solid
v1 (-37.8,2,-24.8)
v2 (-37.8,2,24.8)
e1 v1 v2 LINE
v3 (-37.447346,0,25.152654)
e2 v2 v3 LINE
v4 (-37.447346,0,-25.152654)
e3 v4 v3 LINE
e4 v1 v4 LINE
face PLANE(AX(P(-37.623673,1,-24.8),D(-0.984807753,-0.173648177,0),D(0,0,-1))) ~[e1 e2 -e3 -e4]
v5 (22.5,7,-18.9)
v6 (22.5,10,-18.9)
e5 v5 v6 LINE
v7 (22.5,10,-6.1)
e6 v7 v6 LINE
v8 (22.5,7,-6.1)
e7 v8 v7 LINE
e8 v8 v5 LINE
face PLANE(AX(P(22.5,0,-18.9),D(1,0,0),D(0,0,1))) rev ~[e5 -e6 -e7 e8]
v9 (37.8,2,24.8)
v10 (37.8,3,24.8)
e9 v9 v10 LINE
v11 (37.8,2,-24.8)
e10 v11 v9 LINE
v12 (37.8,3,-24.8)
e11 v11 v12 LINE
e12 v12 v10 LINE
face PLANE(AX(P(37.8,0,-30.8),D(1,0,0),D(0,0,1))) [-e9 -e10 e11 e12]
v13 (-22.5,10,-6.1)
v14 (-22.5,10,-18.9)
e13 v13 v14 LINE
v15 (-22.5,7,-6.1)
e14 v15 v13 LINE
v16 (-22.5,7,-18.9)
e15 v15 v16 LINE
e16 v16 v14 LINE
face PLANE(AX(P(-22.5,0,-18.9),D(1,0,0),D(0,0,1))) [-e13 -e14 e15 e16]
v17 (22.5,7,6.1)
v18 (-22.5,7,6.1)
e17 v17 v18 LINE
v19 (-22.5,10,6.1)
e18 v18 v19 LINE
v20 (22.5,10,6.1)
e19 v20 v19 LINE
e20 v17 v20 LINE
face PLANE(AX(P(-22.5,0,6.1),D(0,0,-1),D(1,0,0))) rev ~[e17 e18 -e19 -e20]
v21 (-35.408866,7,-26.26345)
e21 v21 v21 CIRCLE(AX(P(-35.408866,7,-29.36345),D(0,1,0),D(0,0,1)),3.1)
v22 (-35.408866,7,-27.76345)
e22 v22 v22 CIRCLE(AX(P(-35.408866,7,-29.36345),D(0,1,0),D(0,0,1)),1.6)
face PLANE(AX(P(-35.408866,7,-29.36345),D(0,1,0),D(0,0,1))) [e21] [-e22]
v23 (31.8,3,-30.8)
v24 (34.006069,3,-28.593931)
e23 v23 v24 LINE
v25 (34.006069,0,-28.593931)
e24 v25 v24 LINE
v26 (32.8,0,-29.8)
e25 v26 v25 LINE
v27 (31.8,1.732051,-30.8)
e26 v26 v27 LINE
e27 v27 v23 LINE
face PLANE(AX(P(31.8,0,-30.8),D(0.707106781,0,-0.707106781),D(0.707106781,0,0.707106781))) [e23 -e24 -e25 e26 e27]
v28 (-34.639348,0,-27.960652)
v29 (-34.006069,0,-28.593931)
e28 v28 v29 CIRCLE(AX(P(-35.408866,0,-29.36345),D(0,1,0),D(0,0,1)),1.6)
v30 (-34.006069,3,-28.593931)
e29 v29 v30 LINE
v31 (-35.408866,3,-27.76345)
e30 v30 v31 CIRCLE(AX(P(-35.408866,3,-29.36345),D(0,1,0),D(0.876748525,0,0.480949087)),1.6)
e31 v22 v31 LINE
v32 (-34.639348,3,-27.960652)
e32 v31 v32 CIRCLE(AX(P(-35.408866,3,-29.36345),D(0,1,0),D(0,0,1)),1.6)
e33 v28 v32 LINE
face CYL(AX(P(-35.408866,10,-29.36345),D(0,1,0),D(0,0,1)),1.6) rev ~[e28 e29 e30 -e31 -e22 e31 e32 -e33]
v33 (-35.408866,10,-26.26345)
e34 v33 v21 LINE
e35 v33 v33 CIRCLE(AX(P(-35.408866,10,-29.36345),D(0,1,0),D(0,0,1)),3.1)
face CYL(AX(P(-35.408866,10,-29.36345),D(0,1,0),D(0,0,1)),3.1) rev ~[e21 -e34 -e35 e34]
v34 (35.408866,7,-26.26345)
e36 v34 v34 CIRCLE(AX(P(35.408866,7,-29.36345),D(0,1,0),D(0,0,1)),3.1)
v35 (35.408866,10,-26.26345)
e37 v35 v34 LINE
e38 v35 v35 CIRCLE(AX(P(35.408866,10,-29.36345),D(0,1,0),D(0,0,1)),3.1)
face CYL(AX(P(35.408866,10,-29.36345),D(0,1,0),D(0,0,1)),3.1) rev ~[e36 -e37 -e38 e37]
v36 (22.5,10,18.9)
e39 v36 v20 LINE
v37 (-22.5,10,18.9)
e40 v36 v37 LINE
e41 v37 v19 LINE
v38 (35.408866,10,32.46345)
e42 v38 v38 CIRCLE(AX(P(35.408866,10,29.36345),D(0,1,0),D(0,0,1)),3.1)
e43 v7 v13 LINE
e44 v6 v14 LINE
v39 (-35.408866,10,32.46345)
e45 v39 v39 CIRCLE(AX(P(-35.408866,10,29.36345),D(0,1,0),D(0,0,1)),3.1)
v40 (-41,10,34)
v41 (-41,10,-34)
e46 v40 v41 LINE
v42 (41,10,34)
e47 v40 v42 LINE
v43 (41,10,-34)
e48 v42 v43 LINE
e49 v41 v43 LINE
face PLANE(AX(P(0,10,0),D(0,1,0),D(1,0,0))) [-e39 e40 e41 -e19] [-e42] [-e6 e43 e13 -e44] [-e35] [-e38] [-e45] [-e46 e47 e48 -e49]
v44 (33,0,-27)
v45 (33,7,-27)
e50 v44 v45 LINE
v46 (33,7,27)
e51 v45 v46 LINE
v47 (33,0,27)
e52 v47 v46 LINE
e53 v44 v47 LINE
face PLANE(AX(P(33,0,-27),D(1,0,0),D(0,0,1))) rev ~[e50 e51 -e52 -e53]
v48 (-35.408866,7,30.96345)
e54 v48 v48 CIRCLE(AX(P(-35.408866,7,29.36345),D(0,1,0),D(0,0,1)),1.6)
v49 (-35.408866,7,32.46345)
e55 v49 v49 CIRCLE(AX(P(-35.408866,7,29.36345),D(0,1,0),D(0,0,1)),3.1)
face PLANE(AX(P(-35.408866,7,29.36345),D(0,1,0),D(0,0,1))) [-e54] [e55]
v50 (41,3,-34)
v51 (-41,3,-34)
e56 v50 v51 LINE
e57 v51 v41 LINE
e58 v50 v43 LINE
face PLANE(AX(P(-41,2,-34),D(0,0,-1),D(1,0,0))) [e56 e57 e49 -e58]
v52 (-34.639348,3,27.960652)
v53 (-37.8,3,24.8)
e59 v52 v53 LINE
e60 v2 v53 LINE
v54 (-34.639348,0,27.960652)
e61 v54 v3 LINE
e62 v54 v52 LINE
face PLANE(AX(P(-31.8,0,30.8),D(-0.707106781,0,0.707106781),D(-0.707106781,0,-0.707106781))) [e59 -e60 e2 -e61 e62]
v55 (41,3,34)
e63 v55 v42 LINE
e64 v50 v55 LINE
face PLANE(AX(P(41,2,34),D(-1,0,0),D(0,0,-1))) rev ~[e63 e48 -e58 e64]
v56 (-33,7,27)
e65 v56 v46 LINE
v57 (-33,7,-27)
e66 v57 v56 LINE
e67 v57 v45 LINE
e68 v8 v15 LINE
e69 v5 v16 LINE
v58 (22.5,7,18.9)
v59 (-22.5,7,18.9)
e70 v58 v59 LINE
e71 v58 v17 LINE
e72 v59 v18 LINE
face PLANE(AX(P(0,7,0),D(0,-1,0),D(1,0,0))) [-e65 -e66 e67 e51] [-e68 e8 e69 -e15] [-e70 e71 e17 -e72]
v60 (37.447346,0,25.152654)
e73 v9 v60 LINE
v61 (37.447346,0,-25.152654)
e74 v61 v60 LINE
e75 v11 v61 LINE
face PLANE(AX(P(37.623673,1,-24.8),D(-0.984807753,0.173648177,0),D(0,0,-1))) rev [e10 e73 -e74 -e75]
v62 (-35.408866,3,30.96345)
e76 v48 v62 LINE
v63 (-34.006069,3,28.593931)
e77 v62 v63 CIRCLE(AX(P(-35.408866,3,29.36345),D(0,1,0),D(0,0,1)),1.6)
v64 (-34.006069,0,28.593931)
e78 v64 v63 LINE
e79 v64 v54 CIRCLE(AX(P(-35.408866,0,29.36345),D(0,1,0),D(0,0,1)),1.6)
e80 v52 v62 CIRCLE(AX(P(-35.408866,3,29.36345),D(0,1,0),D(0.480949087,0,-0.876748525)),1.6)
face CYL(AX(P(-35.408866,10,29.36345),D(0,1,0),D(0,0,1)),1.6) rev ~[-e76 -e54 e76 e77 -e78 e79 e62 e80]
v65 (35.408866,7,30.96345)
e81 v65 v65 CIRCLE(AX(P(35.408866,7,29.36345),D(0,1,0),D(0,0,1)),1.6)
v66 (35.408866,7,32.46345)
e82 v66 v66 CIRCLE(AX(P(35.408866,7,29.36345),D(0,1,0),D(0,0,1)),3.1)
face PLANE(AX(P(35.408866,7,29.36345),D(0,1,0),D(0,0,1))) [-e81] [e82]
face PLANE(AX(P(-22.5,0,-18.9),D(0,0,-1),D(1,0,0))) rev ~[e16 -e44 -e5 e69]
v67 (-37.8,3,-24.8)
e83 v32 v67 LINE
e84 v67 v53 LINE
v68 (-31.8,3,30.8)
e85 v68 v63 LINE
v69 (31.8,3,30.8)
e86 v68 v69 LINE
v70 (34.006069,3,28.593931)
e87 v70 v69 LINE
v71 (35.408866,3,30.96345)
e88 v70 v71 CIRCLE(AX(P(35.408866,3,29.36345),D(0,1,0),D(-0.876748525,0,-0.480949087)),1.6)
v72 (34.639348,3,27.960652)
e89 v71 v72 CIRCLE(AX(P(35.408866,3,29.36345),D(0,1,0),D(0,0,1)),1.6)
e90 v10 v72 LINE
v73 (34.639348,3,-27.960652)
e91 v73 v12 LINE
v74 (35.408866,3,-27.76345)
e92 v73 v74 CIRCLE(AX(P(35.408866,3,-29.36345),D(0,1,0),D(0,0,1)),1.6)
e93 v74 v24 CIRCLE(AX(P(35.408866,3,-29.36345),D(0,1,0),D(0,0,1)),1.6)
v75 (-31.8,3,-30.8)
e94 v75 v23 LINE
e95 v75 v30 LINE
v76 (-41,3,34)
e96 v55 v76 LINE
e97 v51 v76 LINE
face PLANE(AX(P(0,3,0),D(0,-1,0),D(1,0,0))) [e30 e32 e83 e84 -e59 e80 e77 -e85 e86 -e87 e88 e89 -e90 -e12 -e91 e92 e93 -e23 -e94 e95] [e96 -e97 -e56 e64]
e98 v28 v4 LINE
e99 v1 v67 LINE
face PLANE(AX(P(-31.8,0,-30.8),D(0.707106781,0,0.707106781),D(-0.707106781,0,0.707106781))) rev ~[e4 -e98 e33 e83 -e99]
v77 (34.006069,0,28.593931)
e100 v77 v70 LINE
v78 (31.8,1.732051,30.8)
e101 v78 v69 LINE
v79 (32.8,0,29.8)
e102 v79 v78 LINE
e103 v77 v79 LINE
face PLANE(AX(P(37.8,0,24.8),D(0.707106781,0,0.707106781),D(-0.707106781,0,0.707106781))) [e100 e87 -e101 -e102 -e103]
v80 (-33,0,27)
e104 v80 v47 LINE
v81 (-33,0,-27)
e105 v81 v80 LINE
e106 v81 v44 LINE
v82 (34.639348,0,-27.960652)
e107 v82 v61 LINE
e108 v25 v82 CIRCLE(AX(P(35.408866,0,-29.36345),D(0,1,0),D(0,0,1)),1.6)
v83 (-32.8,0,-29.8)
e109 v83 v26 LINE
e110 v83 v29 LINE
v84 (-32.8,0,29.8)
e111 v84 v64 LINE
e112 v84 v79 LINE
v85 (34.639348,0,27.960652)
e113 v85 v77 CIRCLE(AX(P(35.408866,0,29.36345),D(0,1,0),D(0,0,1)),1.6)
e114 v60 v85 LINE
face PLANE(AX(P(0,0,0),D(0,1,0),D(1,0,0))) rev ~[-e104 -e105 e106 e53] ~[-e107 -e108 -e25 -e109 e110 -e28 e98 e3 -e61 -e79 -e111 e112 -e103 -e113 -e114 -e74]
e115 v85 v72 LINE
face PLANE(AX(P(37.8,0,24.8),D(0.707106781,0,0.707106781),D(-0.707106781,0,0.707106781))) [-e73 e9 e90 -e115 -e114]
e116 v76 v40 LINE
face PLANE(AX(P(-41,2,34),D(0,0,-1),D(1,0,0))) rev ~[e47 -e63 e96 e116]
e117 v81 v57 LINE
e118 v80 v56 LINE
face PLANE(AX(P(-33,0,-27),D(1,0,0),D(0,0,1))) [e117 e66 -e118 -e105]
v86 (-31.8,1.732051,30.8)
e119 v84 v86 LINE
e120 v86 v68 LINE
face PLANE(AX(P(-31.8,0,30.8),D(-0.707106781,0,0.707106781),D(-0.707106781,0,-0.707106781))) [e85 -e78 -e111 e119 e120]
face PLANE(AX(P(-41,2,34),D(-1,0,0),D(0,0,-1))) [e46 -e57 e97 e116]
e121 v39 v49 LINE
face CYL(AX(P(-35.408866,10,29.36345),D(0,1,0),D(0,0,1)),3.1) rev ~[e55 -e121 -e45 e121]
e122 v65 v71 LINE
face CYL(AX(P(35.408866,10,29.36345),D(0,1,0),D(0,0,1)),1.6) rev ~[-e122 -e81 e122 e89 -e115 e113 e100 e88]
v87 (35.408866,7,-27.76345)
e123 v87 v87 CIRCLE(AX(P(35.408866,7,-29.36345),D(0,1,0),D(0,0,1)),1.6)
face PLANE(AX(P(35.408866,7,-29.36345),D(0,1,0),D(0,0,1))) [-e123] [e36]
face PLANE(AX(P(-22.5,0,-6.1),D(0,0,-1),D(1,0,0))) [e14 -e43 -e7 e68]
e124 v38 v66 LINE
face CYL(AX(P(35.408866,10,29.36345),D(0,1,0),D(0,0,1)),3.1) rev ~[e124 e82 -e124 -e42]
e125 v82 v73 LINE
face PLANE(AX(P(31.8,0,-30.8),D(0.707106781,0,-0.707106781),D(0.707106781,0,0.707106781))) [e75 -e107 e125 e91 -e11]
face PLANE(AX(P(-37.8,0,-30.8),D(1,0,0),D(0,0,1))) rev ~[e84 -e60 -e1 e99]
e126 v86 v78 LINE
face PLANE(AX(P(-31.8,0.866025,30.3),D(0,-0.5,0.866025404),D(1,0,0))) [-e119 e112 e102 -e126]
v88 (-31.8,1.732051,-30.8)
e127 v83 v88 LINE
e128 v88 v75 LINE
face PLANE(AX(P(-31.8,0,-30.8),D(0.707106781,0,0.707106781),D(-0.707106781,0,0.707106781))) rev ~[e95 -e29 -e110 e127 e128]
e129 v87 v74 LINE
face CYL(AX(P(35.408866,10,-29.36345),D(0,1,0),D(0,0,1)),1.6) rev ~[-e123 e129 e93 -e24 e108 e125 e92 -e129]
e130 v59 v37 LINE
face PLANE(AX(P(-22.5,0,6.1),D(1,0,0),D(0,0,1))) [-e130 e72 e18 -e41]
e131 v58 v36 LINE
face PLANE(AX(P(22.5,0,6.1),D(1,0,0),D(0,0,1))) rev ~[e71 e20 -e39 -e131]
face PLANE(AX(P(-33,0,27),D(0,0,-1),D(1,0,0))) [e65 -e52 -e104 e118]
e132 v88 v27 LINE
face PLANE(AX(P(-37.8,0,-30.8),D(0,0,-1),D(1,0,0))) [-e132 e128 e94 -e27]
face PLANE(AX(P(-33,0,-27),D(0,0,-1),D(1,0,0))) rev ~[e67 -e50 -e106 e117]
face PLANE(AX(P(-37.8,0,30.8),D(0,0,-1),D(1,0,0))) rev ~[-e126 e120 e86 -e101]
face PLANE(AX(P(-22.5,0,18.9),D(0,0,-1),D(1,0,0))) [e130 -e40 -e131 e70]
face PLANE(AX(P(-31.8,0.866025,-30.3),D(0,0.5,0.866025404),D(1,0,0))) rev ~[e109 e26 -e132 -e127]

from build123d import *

# Parameters (mm, degrees)
SKETCH1_W             = 76
SKETCH1_H             = 62
BOSS_EXTRUDE1_DEPTH   = 2
SKETCH2_W             = 82
SKETCH2_H             = 68
BOSS_EXTRUDE2_DEPTH   = 8
SKETCH3_W             = 45
SKETCH3_H             = 12.8
CUT_EXTRUDE1_DEPTH    = 11
SKETCH4_R             = 1.6
CUT_EXTRUDE2_DEPTH    = 11
SKETCH5_R             = 3.1
CUT_EXTRUDE3_DEPTH    = 3
SKETCH9_OUTSIDE_W     = 105.4
SKETCH9_OUTSIDE_H     = 91.4
SKETCH9_OUTSIDE_W_2   = 75.6
SKETCH9_OUTSIDE_H_2   = 61.6
CUT_EXTRUDE5_DEPTH    = 3
CUT_EXTRUDE6_DEPTH    = 3
SKETCH11_W            = 66
SKETCH11_H            = 54
CUT_EXTRUDE7_DEPTH    = 7
CHAMFER2_SIZE         = 2
CHAMFER2_SIZE2        = 0.352653961
CHAMFER2_PART_2_SIZE  = 2
CHAMFER2_PART_2_SIZE2 = 0.352653961
CHAMFER3_SIZE         = 1
CHAMFER3_SIZE2        = 1.732050808


with BuildPart() as part:
    # Sketch1 → Boss-Extrude1 (new body)
    with BuildSketch(Plane(origin=(0, 0, 0), x_dir=(1, 0, 0), z_dir=(0, 1, 0))):
        Rectangle(SKETCH1_W, SKETCH1_H)
    extrude(amount=BOSS_EXTRUDE1_DEPTH)

    # Sketch2 → Boss-Extrude2 (add)
    with BuildSketch(Plane(origin=(0, 2, 0), x_dir=(1, 0, 0), z_dir=(0, 1, 0))):
        Rectangle(SKETCH2_W, SKETCH2_H)
    extrude(amount=BOSS_EXTRUDE2_DEPTH)

    # Sketch3 → Cut-Extrude1 (cut, through all)
    with BuildSketch(Plane.XZ):
        with Locations((0, -12.5)):
            Rectangle(SKETCH3_W, SKETCH3_H)
        with Locations((0, 12.5)):
            Rectangle(SKETCH3_W, SKETCH3_H)
    extrude(amount=-CUT_EXTRUDE1_DEPTH, mode=Mode.SUBTRACT)

    # Sketch4 → Cut-Extrude2 (cut, through all)
    with BuildSketch(Plane(origin=(0, 10, 0), x_dir=(1, 0, 0), z_dir=(0, 1, 0))):
        with Locations(Location((-35.408866178, 29.363450001, 0), (0, 0, 270))):  # turned: the seam where the file's is
            Circle(SKETCH4_R)
        with Locations(Location((35.408866178, 29.363450001, 0), (0, 0, 270))):  # turned: the seam where the file's is
            Circle(SKETCH4_R)
        with Locations(Location((35.408866178, -29.363450001, 0), (0, 0, 270))):  # turned: the seam where the file's is
            Circle(SKETCH4_R)
        with Locations(Location((-35.408866178, -29.363450001, 0), (0, 0, 270))):  # turned: the seam where the file's is
            Circle(SKETCH4_R)
    extrude(amount=-CUT_EXTRUDE2_DEPTH, mode=Mode.SUBTRACT)

    # Sketch5 → Cut-Extrude3 (cut)
    with BuildSketch(Plane(origin=(0, 10, 0), x_dir=(1, 0, 0), z_dir=(0, 1, 0))):
        with Locations(Location((-35.408866178, 29.363450001, 0), (0, 0, 270))):  # turned: the seam where the file's is
            Circle(SKETCH5_R)
        with Locations(Location((35.408866178, 29.363450001, 0), (0, 0, 270))):  # turned: the seam where the file's is
            Circle(SKETCH5_R)
        with Locations(Location((35.408866178, -29.363450001, 0), (0, 0, 270))):  # turned: the seam where the file's is
            Circle(SKETCH5_R)
        with Locations(Location((-35.408866178, -29.363450001, 0), (0, 0, 270))):  # turned: the seam where the file's is
            Circle(SKETCH5_R)
    extrude(amount=-CUT_EXTRUDE3_DEPTH, mode=Mode.SUBTRACT)

    # Sketch9 outside → Cut-Extrude5 (cut)
    with BuildSketch(Plane.XZ):
        Rectangle(SKETCH9_OUTSIDE_W, SKETCH9_OUTSIDE_H)
        Rectangle(SKETCH9_OUTSIDE_W_2, SKETCH9_OUTSIDE_H_2, mode=Mode.SUBTRACT)
    extrude(amount=-CUT_EXTRUDE5_DEPTH, mode=Mode.SUBTRACT)

    # Sketch10 → Cut-Extrude6 (cut)
    with BuildSketch(Plane.XZ):
        Polygon((-37.8, -30.8), (-31.8, -30.8), (-37.8, -24.8), align=None)
        Polygon((-37.8, 24.8), (-37.8, 30.8), (-31.8, 30.8), align=None)
        Polygon((37.8, 30.8), (37.8, 24.8), (31.8, 30.8), align=None)
        Polygon((37.8, -30.8), (31.8, -30.8), (37.8, -24.8), align=None)
    extrude(amount=-CUT_EXTRUDE6_DEPTH, mode=Mode.SUBTRACT)

    # Sketch11 → Cut-Extrude7 (cut)
    with BuildSketch(Plane.XZ):
        Rectangle(SKETCH11_W, SKETCH11_H)
    extrude(amount=-CUT_EXTRUDE7_DEPTH, mode=Mode.SUBTRACT)

    # Chamfer2
    chamfer2_edges = [part.edges().sort_by_distance(p)[0] for p in [
        (37.8, 0, 0),
    ]]
    chamfer2_side = [part.faces().sort_by_distance(p)[0] for p in [
        (37.8, 1.5, 0),
    ]]
    chamfer(chamfer2_edges, length=CHAMFER2_SIZE, length2=CHAMFER2_SIZE2, reference=chamfer2_side[0])

    # Chamfer2 part 2
    chamfer2_part_2_edges = [part.edges().sort_by_distance(p)[0] for p in [
        (-37.8, 0, 0),
    ]]
    chamfer2_part_2_side = [part.faces().sort_by_distance(p)[0] for p in [
        (-37.8, 1.5, 0),
    ]]
    chamfer(chamfer2_part_2_edges, length=CHAMFER2_PART_2_SIZE, length2=CHAMFER2_PART_2_SIZE2, reference=chamfer2_part_2_side[0])

    # Chamfer3
    chamfer3_edges = [part.edges().sort_by_distance(p)[0] for p in [
        (0, 0, -30.8),
        (0, 0, 30.8),
    ]]
    chamfer3_side = [part.faces().sort_by_distance(p)[0] for p in [
        (-35.357643735, 0, 25.870950059),
    ]]
    chamfer(chamfer3_edges, length=CHAMFER3_SIZE, length2=CHAMFER3_SIZE2, reference=chamfer3_side[0])


solid = part.part
